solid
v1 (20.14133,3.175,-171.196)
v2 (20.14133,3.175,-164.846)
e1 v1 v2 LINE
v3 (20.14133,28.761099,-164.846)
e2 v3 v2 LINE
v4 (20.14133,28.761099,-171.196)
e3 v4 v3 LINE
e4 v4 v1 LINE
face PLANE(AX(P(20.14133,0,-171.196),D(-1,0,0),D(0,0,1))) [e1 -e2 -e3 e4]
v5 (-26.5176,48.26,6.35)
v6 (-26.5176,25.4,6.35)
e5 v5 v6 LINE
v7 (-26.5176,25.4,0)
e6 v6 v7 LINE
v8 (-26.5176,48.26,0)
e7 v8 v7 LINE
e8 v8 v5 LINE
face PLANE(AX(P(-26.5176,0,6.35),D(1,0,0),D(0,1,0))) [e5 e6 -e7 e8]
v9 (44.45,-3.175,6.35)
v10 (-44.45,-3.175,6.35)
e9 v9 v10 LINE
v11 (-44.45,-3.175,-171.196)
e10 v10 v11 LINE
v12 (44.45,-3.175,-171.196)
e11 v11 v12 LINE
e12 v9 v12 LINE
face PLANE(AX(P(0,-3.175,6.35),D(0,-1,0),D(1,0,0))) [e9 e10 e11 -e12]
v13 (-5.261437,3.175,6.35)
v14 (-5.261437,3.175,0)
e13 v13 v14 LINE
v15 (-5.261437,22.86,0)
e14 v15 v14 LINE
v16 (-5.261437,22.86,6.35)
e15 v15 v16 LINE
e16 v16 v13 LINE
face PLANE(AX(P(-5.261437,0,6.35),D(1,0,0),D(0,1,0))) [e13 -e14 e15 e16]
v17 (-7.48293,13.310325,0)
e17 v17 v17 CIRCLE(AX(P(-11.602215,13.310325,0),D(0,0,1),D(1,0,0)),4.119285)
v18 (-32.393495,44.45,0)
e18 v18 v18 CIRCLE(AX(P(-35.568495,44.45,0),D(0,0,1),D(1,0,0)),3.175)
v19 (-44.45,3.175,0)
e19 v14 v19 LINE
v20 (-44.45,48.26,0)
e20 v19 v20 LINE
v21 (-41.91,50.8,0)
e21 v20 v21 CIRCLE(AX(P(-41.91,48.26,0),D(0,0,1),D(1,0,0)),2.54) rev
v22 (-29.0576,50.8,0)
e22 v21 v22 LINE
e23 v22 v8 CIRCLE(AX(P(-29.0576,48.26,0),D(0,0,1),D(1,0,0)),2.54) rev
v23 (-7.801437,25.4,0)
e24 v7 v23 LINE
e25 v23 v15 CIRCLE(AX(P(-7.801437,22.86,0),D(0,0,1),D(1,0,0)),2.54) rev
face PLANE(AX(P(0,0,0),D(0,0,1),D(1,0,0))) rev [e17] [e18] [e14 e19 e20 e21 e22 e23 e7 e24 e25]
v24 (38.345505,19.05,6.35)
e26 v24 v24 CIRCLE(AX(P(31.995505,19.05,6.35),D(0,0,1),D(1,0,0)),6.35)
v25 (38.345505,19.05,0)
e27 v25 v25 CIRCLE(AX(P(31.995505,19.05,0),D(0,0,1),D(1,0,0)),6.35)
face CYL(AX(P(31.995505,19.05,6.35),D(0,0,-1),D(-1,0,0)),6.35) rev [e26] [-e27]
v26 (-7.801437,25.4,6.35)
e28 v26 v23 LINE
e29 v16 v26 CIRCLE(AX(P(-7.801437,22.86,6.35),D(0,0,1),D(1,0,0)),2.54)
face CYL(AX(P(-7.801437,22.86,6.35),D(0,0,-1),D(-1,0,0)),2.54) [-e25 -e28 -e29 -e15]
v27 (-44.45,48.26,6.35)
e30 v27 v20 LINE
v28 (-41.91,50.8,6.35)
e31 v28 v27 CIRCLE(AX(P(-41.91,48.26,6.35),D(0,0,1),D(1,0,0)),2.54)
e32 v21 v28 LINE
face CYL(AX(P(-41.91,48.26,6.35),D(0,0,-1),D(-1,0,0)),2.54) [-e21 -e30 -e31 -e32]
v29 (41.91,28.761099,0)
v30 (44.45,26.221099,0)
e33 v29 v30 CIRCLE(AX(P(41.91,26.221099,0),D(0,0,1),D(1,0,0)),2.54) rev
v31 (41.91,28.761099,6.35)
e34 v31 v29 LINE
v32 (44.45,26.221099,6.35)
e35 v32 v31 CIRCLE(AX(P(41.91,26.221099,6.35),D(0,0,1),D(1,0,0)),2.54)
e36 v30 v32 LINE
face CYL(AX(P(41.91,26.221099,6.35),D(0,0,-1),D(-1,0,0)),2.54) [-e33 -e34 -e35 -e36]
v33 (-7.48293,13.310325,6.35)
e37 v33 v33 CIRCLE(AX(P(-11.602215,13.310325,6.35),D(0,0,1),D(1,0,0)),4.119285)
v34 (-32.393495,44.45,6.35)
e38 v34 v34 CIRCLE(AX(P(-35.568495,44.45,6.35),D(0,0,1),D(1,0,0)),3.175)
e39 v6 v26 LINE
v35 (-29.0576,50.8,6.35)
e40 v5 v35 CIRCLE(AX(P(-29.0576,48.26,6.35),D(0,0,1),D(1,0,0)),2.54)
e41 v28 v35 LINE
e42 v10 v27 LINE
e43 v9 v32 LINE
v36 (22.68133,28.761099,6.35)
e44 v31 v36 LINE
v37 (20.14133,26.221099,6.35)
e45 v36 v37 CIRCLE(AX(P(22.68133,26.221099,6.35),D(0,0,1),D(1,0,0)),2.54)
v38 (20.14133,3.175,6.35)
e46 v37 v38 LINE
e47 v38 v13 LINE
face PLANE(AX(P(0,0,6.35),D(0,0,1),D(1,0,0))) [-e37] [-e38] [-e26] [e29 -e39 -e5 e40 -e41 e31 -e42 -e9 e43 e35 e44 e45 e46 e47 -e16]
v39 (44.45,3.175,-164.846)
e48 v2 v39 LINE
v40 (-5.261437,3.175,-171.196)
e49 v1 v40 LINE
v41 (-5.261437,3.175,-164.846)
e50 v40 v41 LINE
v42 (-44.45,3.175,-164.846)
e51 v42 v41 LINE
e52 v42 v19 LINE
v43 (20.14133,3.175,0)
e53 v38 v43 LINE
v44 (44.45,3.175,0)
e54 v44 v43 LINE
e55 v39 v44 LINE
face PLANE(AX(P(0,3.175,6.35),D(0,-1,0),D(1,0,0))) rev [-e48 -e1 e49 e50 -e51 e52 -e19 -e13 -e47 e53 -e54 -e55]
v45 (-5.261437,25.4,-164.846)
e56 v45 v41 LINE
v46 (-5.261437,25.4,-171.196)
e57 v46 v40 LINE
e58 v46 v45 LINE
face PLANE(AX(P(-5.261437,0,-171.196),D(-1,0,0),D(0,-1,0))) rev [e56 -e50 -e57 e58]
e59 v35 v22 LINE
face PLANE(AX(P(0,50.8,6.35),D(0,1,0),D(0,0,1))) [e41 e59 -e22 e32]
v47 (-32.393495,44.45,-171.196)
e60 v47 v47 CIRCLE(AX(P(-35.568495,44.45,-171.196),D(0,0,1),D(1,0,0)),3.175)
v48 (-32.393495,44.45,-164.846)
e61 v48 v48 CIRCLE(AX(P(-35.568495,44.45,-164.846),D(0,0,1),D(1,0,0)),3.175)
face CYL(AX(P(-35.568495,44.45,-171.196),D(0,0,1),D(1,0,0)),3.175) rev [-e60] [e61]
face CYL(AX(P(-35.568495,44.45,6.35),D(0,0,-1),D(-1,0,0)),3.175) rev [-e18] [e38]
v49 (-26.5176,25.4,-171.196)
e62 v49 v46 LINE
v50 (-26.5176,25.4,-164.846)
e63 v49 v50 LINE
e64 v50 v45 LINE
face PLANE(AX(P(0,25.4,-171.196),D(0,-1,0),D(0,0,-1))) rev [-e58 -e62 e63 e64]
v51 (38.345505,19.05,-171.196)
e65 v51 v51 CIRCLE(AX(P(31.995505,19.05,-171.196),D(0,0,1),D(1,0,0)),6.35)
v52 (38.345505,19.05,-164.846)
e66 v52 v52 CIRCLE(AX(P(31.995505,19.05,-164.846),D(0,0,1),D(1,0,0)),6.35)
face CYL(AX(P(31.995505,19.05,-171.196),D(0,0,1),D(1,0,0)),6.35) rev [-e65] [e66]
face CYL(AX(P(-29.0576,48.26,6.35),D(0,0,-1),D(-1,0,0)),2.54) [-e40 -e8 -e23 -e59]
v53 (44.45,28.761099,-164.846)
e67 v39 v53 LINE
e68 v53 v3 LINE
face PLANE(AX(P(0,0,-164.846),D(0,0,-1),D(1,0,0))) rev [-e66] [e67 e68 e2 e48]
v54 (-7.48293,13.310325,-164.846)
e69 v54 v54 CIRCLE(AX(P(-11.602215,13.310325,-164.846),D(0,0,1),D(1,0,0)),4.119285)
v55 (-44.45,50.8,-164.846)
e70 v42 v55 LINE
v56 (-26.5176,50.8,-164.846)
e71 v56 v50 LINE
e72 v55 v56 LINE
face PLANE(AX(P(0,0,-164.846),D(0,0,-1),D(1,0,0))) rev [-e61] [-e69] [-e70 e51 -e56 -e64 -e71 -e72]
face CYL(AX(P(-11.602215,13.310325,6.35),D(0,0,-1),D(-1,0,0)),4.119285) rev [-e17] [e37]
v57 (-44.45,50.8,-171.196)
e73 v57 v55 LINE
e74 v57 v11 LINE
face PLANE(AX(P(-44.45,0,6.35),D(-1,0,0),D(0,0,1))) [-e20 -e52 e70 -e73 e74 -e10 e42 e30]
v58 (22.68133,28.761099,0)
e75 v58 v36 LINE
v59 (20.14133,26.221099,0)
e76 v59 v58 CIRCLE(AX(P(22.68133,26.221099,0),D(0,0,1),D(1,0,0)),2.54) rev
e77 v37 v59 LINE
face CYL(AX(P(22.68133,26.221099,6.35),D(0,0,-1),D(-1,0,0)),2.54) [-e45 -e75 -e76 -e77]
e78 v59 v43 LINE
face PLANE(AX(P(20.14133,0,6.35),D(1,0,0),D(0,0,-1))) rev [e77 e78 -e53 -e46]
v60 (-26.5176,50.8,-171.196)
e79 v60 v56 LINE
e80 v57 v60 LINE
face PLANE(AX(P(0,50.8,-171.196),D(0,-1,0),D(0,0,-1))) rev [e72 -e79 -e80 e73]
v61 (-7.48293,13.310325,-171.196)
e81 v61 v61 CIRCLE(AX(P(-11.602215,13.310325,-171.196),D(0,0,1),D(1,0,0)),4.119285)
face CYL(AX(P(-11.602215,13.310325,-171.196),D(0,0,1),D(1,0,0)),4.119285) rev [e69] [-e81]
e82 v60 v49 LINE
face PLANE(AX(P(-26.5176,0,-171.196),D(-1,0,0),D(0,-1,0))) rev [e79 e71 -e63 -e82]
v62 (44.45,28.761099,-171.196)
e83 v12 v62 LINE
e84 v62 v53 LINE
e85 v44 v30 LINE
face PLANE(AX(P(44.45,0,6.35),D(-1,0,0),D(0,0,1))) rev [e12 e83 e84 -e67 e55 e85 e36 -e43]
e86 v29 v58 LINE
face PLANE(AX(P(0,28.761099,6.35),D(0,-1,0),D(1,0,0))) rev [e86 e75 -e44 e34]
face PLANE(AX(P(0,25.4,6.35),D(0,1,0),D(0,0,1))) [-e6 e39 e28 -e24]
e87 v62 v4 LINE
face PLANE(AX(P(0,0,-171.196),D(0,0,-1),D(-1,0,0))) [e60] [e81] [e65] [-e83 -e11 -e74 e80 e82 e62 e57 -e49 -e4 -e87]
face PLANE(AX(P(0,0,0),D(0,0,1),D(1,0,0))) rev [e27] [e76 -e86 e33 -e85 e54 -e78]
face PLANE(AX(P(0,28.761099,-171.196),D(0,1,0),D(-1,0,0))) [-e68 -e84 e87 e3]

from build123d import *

# Parameters (mm, degrees)
SKETCH1_R           = 6.35
SKETCH1_R_2         = 4.119285102
SKETCH1_R_3         = 3.175
BOSS_EXTRUDE1_DEPTH = 6.35
SKETCH2_W           = 88.9
SKETCH2_H           = 6.35
BOSS_EXTRUDE2_DEPTH = 177.546
FILLET1_R           = 2.54


with BuildPart() as part:
    # Sketch1 → Boss-Extrude1 (new body)
    with BuildSketch(Plane.XY):
        Polygon((44.45, 28.761098675), (20.141329975, 28.761098675), (20.141329975, 3.175), (-5.261436706, 3.175), (-5.261436706, 25.4), (-26.5176, 25.4), (-26.5176, 50.8), (-44.45, 50.8), (-44.45, 3.175), (-44.45, -3.175), (44.45, -3.175), (44.45, 3.175), align=None)
        with Locations((31.995505277, 19.05)):
            Circle(SKETCH1_R, mode=Mode.SUBTRACT)
        with Locations((-11.602215411, 13.310324548)):
            Circle(SKETCH1_R_2, mode=Mode.SUBTRACT)
        with Locations((-35.568494723, 44.45)):
            Circle(SKETCH1_R_3, mode=Mode.SUBTRACT)
    boss_extrude1 = extrude(amount=BOSS_EXTRUDE1_DEPTH)

    # Sketch2 → Boss-Extrude2 (add)
    with BuildSketch(Plane.XY.offset(6.35)):
        Rectangle(SKETCH2_W, SKETCH2_H)
    extrude(amount=-BOSS_EXTRUDE2_DEPTH)

    # Fillet1
    fillet1_edges = [part.edges().sort_by_distance(p)[0] for p in [
        (44.45, 28.761098675, 3.175),
        (-44.45, 50.8, 3.175),
        (-26.5176, 50.8, 3.175),
        (-5.261436706, 25.4, 3.175),
        (20.141329975, 28.761098675, 3.175),
    ]]
    fillet(fillet1_edges, radius=FILLET1_R)

    # Mirror1: Boss-Extrude1 across plane
    add(boss_extrude1.mirror(Plane.XY.offset(-82.423)))


solid = part.part
